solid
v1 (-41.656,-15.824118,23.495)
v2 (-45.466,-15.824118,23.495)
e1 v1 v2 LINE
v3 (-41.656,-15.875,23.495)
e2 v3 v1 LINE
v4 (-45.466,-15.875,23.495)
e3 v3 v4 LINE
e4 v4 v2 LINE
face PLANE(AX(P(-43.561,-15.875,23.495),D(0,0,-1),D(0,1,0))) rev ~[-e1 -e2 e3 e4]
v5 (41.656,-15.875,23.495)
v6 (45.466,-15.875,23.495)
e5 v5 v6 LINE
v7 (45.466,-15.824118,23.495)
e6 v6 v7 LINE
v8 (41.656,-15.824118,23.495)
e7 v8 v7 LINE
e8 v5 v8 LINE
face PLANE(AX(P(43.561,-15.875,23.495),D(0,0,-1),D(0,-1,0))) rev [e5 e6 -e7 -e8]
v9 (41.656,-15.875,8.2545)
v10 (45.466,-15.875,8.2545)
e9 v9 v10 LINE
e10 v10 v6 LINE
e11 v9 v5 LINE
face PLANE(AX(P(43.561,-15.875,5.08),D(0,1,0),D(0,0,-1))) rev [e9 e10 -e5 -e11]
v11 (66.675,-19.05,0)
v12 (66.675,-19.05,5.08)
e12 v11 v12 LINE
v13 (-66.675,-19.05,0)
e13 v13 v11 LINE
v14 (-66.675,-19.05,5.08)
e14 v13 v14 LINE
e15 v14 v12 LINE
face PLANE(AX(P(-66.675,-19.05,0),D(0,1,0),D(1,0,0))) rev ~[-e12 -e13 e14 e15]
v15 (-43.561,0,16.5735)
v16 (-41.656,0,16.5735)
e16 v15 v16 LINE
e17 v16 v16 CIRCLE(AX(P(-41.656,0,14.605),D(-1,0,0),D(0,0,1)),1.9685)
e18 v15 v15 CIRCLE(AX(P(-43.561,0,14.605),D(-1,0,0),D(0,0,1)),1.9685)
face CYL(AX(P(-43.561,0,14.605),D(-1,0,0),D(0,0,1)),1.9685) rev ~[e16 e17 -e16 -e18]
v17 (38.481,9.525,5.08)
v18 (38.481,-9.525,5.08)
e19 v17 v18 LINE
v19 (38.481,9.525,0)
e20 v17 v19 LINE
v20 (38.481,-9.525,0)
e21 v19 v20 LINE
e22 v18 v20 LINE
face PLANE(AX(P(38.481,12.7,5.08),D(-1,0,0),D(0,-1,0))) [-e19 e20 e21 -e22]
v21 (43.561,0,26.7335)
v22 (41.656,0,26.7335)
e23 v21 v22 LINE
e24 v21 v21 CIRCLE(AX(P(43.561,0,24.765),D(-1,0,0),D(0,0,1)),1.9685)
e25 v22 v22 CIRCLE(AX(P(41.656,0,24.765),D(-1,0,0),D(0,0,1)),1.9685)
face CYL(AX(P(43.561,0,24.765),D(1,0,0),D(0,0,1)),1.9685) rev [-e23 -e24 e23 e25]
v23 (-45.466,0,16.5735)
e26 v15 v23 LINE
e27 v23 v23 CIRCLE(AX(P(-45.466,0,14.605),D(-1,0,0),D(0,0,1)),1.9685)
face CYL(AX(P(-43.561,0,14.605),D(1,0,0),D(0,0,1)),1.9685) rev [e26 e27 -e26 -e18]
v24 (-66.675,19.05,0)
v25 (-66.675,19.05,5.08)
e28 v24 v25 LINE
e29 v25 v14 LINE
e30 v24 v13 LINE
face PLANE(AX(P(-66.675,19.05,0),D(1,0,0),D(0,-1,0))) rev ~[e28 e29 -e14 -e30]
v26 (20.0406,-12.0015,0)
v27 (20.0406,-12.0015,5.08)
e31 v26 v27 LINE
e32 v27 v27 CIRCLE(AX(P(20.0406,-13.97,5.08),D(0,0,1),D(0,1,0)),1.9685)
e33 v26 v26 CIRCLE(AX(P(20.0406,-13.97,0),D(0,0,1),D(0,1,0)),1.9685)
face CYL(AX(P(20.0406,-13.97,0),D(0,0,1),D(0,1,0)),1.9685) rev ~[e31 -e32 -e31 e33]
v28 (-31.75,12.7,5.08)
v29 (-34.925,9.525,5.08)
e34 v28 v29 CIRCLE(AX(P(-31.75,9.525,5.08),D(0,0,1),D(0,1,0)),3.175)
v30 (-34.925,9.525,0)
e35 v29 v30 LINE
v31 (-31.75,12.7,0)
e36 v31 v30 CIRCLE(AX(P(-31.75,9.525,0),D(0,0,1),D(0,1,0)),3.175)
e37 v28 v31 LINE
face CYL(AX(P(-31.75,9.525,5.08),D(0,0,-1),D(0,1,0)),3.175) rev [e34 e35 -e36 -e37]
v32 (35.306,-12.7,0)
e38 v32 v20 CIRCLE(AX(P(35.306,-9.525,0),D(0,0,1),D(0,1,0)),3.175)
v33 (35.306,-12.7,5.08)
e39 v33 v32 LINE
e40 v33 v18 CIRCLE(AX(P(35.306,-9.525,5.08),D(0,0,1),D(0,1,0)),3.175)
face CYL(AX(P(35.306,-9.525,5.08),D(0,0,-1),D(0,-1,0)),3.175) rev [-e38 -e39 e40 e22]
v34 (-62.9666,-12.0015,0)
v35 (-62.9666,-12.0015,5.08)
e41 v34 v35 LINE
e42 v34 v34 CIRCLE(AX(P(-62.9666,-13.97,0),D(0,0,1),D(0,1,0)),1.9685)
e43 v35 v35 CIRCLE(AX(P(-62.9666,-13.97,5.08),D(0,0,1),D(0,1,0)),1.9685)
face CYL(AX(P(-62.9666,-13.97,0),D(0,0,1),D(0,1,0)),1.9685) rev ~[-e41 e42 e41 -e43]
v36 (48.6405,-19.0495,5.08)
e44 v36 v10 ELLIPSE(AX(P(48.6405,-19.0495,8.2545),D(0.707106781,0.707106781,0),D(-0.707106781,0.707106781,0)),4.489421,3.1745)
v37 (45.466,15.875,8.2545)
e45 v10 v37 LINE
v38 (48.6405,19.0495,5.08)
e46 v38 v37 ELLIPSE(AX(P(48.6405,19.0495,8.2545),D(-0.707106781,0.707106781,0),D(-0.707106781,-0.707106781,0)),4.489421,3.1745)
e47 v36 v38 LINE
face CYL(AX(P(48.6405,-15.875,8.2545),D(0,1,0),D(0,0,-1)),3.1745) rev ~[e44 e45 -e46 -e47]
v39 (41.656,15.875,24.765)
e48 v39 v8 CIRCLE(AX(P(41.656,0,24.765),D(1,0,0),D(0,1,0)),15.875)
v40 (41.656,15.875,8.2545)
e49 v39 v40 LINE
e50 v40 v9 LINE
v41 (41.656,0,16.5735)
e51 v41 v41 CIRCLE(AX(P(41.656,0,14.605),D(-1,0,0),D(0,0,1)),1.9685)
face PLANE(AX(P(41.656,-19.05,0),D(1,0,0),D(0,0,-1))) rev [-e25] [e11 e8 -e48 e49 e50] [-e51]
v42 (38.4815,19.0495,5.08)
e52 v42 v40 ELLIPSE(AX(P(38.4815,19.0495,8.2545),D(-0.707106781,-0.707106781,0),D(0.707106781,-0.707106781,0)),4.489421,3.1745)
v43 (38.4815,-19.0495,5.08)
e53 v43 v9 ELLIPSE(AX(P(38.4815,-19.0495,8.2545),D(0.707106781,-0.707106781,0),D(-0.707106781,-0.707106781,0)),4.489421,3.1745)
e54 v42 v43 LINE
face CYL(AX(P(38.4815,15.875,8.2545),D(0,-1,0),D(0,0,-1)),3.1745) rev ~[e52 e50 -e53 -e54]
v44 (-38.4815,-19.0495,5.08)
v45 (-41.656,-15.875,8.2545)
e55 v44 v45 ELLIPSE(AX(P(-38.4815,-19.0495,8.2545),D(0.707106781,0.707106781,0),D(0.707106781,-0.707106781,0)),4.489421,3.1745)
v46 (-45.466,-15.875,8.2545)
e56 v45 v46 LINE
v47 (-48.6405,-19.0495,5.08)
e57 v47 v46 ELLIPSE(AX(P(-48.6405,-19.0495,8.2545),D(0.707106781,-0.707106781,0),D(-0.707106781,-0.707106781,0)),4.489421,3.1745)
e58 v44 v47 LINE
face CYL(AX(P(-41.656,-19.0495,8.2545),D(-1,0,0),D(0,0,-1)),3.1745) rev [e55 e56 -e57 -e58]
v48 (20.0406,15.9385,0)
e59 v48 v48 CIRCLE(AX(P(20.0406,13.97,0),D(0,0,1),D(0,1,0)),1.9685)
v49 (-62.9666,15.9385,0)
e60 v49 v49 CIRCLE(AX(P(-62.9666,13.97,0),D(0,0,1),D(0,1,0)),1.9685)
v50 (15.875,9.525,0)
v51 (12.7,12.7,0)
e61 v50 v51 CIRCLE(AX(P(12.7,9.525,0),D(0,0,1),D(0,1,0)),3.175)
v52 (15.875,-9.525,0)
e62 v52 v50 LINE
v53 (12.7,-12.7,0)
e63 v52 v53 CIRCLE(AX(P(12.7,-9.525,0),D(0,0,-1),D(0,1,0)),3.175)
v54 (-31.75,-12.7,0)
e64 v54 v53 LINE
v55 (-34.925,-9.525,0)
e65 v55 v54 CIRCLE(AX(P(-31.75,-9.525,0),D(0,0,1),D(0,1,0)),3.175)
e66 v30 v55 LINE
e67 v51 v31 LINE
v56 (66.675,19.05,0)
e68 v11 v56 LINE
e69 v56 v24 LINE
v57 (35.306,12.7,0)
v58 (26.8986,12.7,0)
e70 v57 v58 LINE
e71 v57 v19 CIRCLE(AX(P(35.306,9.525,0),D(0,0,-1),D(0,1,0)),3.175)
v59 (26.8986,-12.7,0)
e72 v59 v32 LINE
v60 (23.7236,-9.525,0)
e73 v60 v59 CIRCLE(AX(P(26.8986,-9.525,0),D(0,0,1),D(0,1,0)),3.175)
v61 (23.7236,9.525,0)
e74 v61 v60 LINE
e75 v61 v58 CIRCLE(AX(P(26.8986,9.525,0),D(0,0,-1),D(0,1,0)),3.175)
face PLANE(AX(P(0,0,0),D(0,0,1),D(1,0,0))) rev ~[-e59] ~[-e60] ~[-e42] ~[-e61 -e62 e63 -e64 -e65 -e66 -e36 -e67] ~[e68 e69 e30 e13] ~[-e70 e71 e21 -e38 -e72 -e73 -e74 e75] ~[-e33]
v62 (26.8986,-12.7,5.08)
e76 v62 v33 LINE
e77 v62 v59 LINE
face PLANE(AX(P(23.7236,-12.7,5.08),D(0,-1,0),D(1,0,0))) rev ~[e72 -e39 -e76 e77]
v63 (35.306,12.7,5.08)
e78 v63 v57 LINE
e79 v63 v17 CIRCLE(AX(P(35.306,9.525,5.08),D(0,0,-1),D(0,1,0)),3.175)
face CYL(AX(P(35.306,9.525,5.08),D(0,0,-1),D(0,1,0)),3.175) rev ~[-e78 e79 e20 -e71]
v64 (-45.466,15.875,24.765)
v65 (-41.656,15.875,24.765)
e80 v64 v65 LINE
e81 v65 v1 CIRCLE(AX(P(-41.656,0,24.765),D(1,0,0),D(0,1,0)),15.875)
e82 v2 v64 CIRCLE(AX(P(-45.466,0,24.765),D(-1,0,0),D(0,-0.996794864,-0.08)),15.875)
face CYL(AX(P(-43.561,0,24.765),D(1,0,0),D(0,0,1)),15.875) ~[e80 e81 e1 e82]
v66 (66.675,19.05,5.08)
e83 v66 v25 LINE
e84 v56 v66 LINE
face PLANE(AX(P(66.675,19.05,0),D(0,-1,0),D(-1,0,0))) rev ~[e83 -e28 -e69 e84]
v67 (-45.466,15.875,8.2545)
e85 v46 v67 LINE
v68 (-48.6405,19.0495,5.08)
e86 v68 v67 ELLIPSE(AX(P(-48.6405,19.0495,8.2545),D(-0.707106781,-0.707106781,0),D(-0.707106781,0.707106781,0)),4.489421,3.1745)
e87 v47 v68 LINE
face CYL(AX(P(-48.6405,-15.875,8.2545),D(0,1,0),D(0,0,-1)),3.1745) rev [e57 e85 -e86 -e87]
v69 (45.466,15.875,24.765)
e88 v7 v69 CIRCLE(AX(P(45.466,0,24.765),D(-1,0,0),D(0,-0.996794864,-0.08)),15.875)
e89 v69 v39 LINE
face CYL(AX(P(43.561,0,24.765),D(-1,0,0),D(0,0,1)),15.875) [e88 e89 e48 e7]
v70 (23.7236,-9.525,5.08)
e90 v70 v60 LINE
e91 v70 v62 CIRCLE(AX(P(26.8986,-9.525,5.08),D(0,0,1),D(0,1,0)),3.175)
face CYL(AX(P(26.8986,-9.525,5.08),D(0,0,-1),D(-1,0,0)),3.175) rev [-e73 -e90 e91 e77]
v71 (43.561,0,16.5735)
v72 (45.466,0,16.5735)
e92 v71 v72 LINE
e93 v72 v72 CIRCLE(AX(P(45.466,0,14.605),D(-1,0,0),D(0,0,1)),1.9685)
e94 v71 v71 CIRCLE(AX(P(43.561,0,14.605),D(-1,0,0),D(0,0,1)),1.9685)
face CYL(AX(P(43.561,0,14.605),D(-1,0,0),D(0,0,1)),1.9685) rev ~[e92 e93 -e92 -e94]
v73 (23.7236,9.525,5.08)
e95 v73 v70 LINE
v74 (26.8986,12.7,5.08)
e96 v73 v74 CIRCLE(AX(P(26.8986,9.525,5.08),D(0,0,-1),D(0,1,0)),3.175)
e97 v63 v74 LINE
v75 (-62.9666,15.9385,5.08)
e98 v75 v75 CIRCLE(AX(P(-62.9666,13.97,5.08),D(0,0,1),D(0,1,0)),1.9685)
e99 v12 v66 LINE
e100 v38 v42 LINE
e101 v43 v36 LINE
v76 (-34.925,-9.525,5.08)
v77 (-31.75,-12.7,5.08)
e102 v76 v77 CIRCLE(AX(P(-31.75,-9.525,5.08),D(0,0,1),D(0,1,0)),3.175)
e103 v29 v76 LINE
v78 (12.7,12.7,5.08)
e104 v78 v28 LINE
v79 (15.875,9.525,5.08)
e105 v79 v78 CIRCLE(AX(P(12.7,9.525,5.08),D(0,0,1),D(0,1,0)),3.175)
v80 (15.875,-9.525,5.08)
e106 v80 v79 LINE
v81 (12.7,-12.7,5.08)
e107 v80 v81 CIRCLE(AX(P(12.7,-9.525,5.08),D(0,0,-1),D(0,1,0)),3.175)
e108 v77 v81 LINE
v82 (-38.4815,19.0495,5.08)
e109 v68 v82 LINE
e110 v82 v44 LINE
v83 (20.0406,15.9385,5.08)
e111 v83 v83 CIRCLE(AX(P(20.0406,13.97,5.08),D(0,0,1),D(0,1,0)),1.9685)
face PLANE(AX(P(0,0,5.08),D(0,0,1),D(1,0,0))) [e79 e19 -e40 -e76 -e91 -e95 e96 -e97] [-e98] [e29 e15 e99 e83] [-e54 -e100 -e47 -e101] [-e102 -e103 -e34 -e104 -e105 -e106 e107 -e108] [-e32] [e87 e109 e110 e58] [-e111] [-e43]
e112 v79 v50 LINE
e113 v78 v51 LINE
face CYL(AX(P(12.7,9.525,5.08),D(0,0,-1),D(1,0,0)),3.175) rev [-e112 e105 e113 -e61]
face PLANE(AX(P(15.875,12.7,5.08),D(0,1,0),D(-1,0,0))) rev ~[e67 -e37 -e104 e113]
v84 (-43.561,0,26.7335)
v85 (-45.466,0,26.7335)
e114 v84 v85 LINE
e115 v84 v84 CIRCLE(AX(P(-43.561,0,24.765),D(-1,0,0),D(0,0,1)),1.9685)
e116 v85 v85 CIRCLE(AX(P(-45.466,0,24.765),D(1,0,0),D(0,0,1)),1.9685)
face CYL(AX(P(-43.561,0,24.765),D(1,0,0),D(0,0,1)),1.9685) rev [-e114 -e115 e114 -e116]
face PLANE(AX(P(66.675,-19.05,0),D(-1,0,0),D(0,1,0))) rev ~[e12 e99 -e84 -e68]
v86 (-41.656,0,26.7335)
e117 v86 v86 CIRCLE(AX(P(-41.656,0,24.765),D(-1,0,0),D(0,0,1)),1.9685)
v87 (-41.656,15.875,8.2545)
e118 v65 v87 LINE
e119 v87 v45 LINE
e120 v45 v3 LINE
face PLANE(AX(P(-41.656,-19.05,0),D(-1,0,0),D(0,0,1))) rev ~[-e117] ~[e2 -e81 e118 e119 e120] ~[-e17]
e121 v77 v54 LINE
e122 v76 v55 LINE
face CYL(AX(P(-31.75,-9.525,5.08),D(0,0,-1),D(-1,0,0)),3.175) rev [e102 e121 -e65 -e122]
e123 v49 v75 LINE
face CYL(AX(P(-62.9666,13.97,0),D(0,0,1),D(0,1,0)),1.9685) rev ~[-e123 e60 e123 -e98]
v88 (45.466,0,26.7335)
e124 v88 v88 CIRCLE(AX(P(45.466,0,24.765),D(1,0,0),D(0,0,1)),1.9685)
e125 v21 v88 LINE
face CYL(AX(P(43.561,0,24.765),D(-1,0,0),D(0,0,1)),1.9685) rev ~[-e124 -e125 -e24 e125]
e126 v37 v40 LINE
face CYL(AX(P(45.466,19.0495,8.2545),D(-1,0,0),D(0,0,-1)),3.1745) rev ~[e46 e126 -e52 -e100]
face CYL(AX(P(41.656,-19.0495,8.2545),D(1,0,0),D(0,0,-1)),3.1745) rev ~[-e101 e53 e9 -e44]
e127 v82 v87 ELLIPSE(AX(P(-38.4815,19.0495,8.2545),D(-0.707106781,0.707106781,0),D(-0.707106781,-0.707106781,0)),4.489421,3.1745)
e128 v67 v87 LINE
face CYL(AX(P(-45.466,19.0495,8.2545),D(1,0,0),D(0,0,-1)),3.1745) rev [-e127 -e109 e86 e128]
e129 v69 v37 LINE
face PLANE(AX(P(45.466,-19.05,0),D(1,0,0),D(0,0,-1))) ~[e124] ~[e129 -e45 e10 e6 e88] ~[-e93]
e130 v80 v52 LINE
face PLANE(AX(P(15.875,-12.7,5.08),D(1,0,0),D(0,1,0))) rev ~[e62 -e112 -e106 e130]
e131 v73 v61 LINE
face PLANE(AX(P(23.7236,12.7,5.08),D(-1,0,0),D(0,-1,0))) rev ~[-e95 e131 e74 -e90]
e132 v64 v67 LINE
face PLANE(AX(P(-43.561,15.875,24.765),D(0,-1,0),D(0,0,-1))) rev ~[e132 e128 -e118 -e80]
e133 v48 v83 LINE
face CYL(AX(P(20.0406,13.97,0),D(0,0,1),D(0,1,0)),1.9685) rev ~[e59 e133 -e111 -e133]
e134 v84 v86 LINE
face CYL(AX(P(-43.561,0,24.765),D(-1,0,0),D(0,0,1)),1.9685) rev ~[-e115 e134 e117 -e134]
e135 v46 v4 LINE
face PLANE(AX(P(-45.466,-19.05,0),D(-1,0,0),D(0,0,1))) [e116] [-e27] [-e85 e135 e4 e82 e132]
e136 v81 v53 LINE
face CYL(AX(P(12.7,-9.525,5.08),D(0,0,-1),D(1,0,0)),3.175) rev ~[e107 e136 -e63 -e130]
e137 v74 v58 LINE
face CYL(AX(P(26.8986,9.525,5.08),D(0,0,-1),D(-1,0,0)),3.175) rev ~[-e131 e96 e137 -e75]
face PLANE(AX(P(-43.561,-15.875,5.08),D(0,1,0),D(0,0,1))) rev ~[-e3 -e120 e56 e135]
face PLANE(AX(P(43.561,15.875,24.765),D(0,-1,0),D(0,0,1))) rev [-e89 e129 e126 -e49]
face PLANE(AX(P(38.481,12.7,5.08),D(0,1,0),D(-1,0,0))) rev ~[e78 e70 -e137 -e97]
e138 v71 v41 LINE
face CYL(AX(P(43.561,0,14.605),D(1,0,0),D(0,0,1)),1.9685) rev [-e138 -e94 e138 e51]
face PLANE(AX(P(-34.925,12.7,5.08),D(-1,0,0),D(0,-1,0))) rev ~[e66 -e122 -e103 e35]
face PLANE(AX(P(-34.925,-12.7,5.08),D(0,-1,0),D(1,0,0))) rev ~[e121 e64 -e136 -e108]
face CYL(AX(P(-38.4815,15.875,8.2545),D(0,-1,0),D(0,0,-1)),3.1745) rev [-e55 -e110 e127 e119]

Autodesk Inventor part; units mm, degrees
ref_plane "YZ Plane" through (0, 0, 0) normal (1, 0, 0) x (0, 1, 0)
ref_plane "XZ Plane" through (0, 0, 0) normal (0, 1, 0) x (-1, 0, 0)
ref_plane "Work Plane1" through (0, 0, 0) normal (0, 0, 1) x (1, 0, 0)
sketch "Sketch1" plane through (0, 0, 0) normal (0, 0, 1) x (1, 0, 0)
  line L0 (-66.675, -19.05) -> (66.675, -19.05) projected
  line L1 (66.675, -19.05) -> (66.675, 19.05) projected
  line L2 (66.675, 19.05) -> (-66.675, 19.05) projected
  line L3 (-66.675, 19.05) -> (-66.675, -19.05) projected
  circle A0 centre (61.0954, -13.4704) radius 1.778 construction
  circle A1 centre (59.7602, -6.9148) radius 1.778 construction
  circle A2 centre (57.15, 0) radius 2.032 construction
  circle A3 centre (54.5398, -6.9148) radius 1.778 construction
  circle A4 centre (53.2046, -13.4704) radius 1.778 construction
  circle A5 centre (54.5398, 6.9148) radius 1.778 construction
  circle A6 centre (53.2046, 13.4704) radius 1.778 construction
  circle A7 centre (59.7602, 6.9148) radius 1.778 construction
  circle A8 centre (61.0954, 13.4704) radius 1.778 construction
  circle A9 centre (47.625, 9.779) radius 1.778 construction
  circle A10 centre (47.625, -9.779) radius 1.778 construction
  circle A11 centre (34.1546, -13.4704) radius 1.778 construction
  circle A12 centre (42.0454, -13.4704) radius 1.778 construction
  circle A13 centre (40.7102, -6.9148) radius 1.778 construction
  circle A14 centre (38.1, 0) radius 2.032 construction
  circle A15 centre (40.7102, 6.9148) radius 1.778 construction
  circle A16 centre (42.0454, 13.4704) radius 1.778 construction
  circle A17 centre (35.4898, 6.9148) radius 1.778 construction
  circle A18 centre (34.1546, 13.4704) radius 1.778 construction
  circle A19 centre (35.4898, -6.9148) radius 1.778 construction
  circle A20 centre (34.1546, -13.4704) radius 1.778 construction
  circle A21 centre (28.575, -9.779) radius 1.778 construction
  circle A22 centre (28.575, 9.779) radius 1.778 construction
  circle A23 centre (21.6602, 6.9148) radius 1.778 construction
  circle A24 centre (16.4398, 6.9148) radius 1.778 construction
  circle A25 centre (15.1046, 13.4704) radius 1.778 construction
  circle A26 centre (22.9954, 13.4704) radius 1.778 construction
  circle A27 centre (19.05, 0) radius 2.032 construction
  circle A28 centre (21.6602, -6.9148) radius 1.778 construction
  circle A29 centre (22.9954, -13.4704) radius 1.778 construction
  circle A30 centre (15.1046, -13.4704) radius 1.778 construction
  circle A31 centre (16.4398, -6.9148) radius 1.778 construction
  circle A32 centre (9.525, -9.779) radius 1.778 construction
  circle A33 centre (9.525, 9.779) radius 1.778 construction
  circle A34 centre (3.9454, 13.4704) radius 1.778 construction
  circle A35 centre (2.6102, 6.9148) radius 1.778 construction
  circle A36 centre (-2.6102, 6.9148) radius 1.778 construction
  circle A37 centre (-3.9454, 13.4704) radius 1.778 construction
  circle A38 centre (0, 0) radius 2.032 construction
  circle A39 centre (-2.6102, -6.9148) radius 1.778 construction
  circle A40 centre (2.6102, -6.9148) radius 1.778 construction
  circle A41 centre (3.9454, -13.4704) radius 1.778 construction
  circle A42 centre (-3.9454, -13.4704) radius 1.778 construction
  circle A43 centre (-9.525, -9.779) radius 1.778 construction
  circle A44 centre (-9.525, 9.779) radius 1.778 construction
  circle A45 centre (-15.1046, 13.4704) radius 1.778 construction
  circle A46 centre (-22.9954, 13.4704) radius 1.778 construction
  circle A47 centre (-21.6602, 6.9148) radius 1.778 construction
  circle A48 centre (-16.4398, 6.9148) radius 1.778 construction
  circle A49 centre (-19.05, 0) radius 2.032 construction
  circle A50 centre (-21.6602, -6.9148) radius 1.778 construction
  circle A51 centre (-16.4398, -6.9148) radius 1.778 construction
  circle A52 centre (-15.1046, -13.4704) radius 1.778 construction
  circle A53 centre (-22.9954, -13.4704) radius 1.778 construction
  circle A54 centre (-28.575, -9.779) radius 1.778 construction
  circle A55 centre (-28.575, 9.779) radius 1.778 construction
  circle A56 centre (-34.1546, 13.4704) radius 1.778 construction
  circle A57 centre (-42.0454, 13.4704) radius 1.778 construction
  circle A58 centre (-40.7102, 6.9148) radius 1.778 construction
  circle A59 centre (-35.4898, 6.9148) radius 1.778 construction
  circle A60 centre (-38.1, 0) radius 2.032 construction
  circle A61 centre (-35.4898, -6.9148) radius 1.778 construction
  circle A62 centre (-40.7102, -6.9148) radius 1.778 construction
  circle A63 centre (-34.1546, -13.4704) radius 1.778 construction
  circle A64 centre (-42.0454, -13.4704) radius 1.778 construction
  circle A65 centre (-47.625, -9.779) radius 1.778 construction
  circle A66 centre (-53.2046, -13.4704) radius 1.778 construction
  circle A67 centre (-54.5398, -6.9148) radius 1.778 construction
  circle A68 centre (-57.15, 0) radius 2.032 construction
  circle A69 centre (-59.7602, -6.9148) radius 1.778 construction
  circle A70 centre (-61.0954, -13.4704) radius 1.778 construction
  circle A71 centre (-59.7602, 6.9148) radius 1.778 construction
  circle A72 centre (-54.5398, 6.9148) radius 1.778 construction
  circle A73 centre (-53.2046, 13.4704) radius 1.778 construction
  circle A74 centre (-61.0954, 13.4704) radius 1.778 construction
extrude "Extrusion2" add sketch "Sketch1" along normal blind 5.08
sketch "Sketch2" plane through (0, 0, 5.08) normal (0, 0, 1) x (1, 0, 0)
  circle A0 centre (-53.2046, -13.4704) radius 1.9685 construction
  circle A1 centre (-53.2046, -13.4704) radius 2.8702 construction
  circle A2 centre (-42.0454, -13.4704) radius 1.9685 construction
  circle A3 centre (-42.0454, -13.4704) radius 2.8702 construction
  point P0 (0, 0)
  dimension "d37" = 5.7404
  dimension "d38" = 5.7404
ref_plane "Work Plane2" through (-43.561, -19.05, 0) normal (-1, 0, 0) x (0, 0, 1)
sketch "Sketch3" plane through (-43.561, -19.05, 0) normal (-1, 0, 0) x (0, 0, 1)
  line L0 (0, 6.35) -> (5.08, 6.35) construction
  line L1 (5.08, 0) -> (5.08, 38.1) projected
  line L2 (0, 0) -> (5.08, 0) projected
  line L3 (0, 0) -> (0, 38.1) projected
  line L4 (0, 31.75) -> (5.08, 31.75) construction
  line L5 (0, 38.1) -> (5.08, 38.1) projected
  line L6 (8.89, 31.75) -> (8.89, 6.35) construction
  circle A0 centre (24.765, 19.05) radius 15.875
  circle A1 centre (24.765, 19.05) radius 1.9685
  line L7 (24.765, 19.05) -> (34.925, 19.05) construction
  line L8 (24.765, 34.925) -> (5.08, 34.925)
  line L9 (5.08, 34.925) -> (5.08, 3.175)
  line L10 (5.08, 3.175) -> (23.495, 3.175)
  arc A2 (24.765, 31.75) -> (23.495, 6.4137) centre (24.765, 19.05) ccw
  line L11 (24.765, 31.75) -> (24.765, 34.925)
  line L12 (23.495, 3.175) -> (23.495, 6.4137)
  line L13 (24.765, 17.0815) -> (24.765, 21.0185)
  line L14 (5.08, 21.0185) -> (5.08, 17.0815) projected
  line L15 (5.08, 19.05) -> (5.08, 29.21)
  line L16 (5.08, 19.05) -> (5.08, 8.89)
  circle A3 centre (14.605, 19.05) radius 1.9685
  point P0 (0, 19.05)
  dimension "d45" = 31.75
  dimension "d40" = 6.35
  dimension "d41" = 6.35
  dimension "d43" = 15.875
  dimension "d46" = 3.937
  dimension "d51" = 3.81
  dimension "d52" = 19.05
  dimension "d61" = 25.4
  dimension "d62" = 10.16
  dimension "d63" = 10.16
  dimension "d66" = 10.16
  dimension "d67" = 3.937
ref_plane "Work Plane3" through (0, -19.05, 0) normal (1, 0, 0) x (0, 0, -1)
extrude "Extrusion4" add sketch "Sketch3" along normal blind 1.905 and the other way blind 1.905 contours L1 L8 A0 L12 L10 | L12 A2 L11 A0 | A0 L11 A2 L12
mirror "Mirror2" about plane through (0, -19.05, 0) normal (1, 0, 0) of "Extrusion4"
fillet "Fillet3" radius 3.175 8 edges at (-41.656, 0, 5.08) (-43.561, -15.875, 5.08) (-45.466, 0, 5.08) (-43.561, 15.875, 5.08) (41.656, 0, 5.08) (43.561, 15.875, 5.08) (45.466, 0, 5.08) (43.561, -15.875, 5.08)
ref_plane "Work Plane4" through (-66.675, 0, 0) normal (0, 1, 0) x (1, 0, 0)
sketch "Sketch5" plane through (0, 0, 0) normal (0, 0, -1) x (-1, 0, 0)
  line L0 (66.675, 19.05) -> (66.675, -19.05) projected
  line L1 (-66.675, 19.05) -> (66.675, 19.05) projected
  line L2 (66.675, -19.05) -> (-66.675, -19.05) projected
  point P0 (0, 0)
  point P1 (62.9666, 13.97)
  point P2 (62.9666, -13.97)
  dimension "d73" = 3.7084
  dimension "d74" = 3.7084
  dimension "d75" = 5.08
  dimension "d76" = 5.08
hole "Hole1" at (-62.9666, -13.97, 0) at (-62.9666, 13.97, 0) direction (0, 0, 1) diameter 3.937 end through all
sketch "Sketch6" plane through (0, 0, 5.08) normal (0, 0, 1) x (1, 0, 0)
  line L0 (15.875, 12.7) -> (-34.925, 12.7)
  line L1 (-34.925, 12.7) -> (-34.925, -12.7)
  line L2 (-34.925, -12.7) -> (15.875, -12.7)
  line L3 (15.875, -12.7) -> (15.875, 12.7)
  line L4 (-38.481, -19.05) -> (38.481, -19.05) projected
  line L5 (38.481, 19.05) -> (-38.481, 19.05) projected
  line L6 (-66.675, 19.05) -> (-66.675, -19.05) projected
  line L7 (66.675, -19.05) -> (66.675, 19.05) projected
  line L8 (23.7236, -12.7) -> (38.481, -12.7)
  line L9 (38.481, 12.7) -> (23.7236, 12.7)
  line L10 (23.7236, 12.7) -> (23.7236, -12.7)
  line L11 (38.481, 19.05) -> (38.481, -19.05) projected
  line L12 (38.481, -12.7) -> (38.481, 12.7)
  point P0 (0, 0)
  dimension "d84" = 6.35
  dimension "d85" = 6.35
  dimension "d86" = 31.75
  dimension "d87" = 50.8
  dimension "d102" = 42.9514
extrude "Extrusion5" cut sketch "Sketch6" against normal through all
fillet "Fillet4" radius 3.175 4 edges at (15.875, -12.7, 2.54) (-34.925, -12.7, 2.54) (-34.925, 12.7, 2.54) (15.875, 12.7, 2.54)
sketch "Sketch7" plane through (0, 0, 0) normal (0, 0, -1) x (-1, 0, 0)
  line L0 (-66.675, -19.05) -> (-66.675, 19.05) projected
  line L1 (66.675, -19.05) -> (-66.675, -19.05) projected
  line L2 (-66.675, 19.05) -> (66.675, 19.05) projected
  point P0 (0, 0)
  point P1 (-20.0406, 13.97)
  point P2 (-20.0406, -13.97)
  dimension "d91" = 46.6344
  dimension "d92" = 46.6344
  dimension "d93" = 5.08
  dimension "d94" = 5.08
hole "Hole2" at (20.0406, 13.97, 0) at (20.0406, -13.97, 0) direction (0, 0, 1) diameter 3.937 end through all
fillet "Fillet5" radius 3.175 4 edges at (38.481, 12.7, 2.54) (23.7236, 12.7, 2.54) (38.481, -12.7, 2.54) (23.7236, -12.7, 2.54)
properties part number "phone mount pivot"
